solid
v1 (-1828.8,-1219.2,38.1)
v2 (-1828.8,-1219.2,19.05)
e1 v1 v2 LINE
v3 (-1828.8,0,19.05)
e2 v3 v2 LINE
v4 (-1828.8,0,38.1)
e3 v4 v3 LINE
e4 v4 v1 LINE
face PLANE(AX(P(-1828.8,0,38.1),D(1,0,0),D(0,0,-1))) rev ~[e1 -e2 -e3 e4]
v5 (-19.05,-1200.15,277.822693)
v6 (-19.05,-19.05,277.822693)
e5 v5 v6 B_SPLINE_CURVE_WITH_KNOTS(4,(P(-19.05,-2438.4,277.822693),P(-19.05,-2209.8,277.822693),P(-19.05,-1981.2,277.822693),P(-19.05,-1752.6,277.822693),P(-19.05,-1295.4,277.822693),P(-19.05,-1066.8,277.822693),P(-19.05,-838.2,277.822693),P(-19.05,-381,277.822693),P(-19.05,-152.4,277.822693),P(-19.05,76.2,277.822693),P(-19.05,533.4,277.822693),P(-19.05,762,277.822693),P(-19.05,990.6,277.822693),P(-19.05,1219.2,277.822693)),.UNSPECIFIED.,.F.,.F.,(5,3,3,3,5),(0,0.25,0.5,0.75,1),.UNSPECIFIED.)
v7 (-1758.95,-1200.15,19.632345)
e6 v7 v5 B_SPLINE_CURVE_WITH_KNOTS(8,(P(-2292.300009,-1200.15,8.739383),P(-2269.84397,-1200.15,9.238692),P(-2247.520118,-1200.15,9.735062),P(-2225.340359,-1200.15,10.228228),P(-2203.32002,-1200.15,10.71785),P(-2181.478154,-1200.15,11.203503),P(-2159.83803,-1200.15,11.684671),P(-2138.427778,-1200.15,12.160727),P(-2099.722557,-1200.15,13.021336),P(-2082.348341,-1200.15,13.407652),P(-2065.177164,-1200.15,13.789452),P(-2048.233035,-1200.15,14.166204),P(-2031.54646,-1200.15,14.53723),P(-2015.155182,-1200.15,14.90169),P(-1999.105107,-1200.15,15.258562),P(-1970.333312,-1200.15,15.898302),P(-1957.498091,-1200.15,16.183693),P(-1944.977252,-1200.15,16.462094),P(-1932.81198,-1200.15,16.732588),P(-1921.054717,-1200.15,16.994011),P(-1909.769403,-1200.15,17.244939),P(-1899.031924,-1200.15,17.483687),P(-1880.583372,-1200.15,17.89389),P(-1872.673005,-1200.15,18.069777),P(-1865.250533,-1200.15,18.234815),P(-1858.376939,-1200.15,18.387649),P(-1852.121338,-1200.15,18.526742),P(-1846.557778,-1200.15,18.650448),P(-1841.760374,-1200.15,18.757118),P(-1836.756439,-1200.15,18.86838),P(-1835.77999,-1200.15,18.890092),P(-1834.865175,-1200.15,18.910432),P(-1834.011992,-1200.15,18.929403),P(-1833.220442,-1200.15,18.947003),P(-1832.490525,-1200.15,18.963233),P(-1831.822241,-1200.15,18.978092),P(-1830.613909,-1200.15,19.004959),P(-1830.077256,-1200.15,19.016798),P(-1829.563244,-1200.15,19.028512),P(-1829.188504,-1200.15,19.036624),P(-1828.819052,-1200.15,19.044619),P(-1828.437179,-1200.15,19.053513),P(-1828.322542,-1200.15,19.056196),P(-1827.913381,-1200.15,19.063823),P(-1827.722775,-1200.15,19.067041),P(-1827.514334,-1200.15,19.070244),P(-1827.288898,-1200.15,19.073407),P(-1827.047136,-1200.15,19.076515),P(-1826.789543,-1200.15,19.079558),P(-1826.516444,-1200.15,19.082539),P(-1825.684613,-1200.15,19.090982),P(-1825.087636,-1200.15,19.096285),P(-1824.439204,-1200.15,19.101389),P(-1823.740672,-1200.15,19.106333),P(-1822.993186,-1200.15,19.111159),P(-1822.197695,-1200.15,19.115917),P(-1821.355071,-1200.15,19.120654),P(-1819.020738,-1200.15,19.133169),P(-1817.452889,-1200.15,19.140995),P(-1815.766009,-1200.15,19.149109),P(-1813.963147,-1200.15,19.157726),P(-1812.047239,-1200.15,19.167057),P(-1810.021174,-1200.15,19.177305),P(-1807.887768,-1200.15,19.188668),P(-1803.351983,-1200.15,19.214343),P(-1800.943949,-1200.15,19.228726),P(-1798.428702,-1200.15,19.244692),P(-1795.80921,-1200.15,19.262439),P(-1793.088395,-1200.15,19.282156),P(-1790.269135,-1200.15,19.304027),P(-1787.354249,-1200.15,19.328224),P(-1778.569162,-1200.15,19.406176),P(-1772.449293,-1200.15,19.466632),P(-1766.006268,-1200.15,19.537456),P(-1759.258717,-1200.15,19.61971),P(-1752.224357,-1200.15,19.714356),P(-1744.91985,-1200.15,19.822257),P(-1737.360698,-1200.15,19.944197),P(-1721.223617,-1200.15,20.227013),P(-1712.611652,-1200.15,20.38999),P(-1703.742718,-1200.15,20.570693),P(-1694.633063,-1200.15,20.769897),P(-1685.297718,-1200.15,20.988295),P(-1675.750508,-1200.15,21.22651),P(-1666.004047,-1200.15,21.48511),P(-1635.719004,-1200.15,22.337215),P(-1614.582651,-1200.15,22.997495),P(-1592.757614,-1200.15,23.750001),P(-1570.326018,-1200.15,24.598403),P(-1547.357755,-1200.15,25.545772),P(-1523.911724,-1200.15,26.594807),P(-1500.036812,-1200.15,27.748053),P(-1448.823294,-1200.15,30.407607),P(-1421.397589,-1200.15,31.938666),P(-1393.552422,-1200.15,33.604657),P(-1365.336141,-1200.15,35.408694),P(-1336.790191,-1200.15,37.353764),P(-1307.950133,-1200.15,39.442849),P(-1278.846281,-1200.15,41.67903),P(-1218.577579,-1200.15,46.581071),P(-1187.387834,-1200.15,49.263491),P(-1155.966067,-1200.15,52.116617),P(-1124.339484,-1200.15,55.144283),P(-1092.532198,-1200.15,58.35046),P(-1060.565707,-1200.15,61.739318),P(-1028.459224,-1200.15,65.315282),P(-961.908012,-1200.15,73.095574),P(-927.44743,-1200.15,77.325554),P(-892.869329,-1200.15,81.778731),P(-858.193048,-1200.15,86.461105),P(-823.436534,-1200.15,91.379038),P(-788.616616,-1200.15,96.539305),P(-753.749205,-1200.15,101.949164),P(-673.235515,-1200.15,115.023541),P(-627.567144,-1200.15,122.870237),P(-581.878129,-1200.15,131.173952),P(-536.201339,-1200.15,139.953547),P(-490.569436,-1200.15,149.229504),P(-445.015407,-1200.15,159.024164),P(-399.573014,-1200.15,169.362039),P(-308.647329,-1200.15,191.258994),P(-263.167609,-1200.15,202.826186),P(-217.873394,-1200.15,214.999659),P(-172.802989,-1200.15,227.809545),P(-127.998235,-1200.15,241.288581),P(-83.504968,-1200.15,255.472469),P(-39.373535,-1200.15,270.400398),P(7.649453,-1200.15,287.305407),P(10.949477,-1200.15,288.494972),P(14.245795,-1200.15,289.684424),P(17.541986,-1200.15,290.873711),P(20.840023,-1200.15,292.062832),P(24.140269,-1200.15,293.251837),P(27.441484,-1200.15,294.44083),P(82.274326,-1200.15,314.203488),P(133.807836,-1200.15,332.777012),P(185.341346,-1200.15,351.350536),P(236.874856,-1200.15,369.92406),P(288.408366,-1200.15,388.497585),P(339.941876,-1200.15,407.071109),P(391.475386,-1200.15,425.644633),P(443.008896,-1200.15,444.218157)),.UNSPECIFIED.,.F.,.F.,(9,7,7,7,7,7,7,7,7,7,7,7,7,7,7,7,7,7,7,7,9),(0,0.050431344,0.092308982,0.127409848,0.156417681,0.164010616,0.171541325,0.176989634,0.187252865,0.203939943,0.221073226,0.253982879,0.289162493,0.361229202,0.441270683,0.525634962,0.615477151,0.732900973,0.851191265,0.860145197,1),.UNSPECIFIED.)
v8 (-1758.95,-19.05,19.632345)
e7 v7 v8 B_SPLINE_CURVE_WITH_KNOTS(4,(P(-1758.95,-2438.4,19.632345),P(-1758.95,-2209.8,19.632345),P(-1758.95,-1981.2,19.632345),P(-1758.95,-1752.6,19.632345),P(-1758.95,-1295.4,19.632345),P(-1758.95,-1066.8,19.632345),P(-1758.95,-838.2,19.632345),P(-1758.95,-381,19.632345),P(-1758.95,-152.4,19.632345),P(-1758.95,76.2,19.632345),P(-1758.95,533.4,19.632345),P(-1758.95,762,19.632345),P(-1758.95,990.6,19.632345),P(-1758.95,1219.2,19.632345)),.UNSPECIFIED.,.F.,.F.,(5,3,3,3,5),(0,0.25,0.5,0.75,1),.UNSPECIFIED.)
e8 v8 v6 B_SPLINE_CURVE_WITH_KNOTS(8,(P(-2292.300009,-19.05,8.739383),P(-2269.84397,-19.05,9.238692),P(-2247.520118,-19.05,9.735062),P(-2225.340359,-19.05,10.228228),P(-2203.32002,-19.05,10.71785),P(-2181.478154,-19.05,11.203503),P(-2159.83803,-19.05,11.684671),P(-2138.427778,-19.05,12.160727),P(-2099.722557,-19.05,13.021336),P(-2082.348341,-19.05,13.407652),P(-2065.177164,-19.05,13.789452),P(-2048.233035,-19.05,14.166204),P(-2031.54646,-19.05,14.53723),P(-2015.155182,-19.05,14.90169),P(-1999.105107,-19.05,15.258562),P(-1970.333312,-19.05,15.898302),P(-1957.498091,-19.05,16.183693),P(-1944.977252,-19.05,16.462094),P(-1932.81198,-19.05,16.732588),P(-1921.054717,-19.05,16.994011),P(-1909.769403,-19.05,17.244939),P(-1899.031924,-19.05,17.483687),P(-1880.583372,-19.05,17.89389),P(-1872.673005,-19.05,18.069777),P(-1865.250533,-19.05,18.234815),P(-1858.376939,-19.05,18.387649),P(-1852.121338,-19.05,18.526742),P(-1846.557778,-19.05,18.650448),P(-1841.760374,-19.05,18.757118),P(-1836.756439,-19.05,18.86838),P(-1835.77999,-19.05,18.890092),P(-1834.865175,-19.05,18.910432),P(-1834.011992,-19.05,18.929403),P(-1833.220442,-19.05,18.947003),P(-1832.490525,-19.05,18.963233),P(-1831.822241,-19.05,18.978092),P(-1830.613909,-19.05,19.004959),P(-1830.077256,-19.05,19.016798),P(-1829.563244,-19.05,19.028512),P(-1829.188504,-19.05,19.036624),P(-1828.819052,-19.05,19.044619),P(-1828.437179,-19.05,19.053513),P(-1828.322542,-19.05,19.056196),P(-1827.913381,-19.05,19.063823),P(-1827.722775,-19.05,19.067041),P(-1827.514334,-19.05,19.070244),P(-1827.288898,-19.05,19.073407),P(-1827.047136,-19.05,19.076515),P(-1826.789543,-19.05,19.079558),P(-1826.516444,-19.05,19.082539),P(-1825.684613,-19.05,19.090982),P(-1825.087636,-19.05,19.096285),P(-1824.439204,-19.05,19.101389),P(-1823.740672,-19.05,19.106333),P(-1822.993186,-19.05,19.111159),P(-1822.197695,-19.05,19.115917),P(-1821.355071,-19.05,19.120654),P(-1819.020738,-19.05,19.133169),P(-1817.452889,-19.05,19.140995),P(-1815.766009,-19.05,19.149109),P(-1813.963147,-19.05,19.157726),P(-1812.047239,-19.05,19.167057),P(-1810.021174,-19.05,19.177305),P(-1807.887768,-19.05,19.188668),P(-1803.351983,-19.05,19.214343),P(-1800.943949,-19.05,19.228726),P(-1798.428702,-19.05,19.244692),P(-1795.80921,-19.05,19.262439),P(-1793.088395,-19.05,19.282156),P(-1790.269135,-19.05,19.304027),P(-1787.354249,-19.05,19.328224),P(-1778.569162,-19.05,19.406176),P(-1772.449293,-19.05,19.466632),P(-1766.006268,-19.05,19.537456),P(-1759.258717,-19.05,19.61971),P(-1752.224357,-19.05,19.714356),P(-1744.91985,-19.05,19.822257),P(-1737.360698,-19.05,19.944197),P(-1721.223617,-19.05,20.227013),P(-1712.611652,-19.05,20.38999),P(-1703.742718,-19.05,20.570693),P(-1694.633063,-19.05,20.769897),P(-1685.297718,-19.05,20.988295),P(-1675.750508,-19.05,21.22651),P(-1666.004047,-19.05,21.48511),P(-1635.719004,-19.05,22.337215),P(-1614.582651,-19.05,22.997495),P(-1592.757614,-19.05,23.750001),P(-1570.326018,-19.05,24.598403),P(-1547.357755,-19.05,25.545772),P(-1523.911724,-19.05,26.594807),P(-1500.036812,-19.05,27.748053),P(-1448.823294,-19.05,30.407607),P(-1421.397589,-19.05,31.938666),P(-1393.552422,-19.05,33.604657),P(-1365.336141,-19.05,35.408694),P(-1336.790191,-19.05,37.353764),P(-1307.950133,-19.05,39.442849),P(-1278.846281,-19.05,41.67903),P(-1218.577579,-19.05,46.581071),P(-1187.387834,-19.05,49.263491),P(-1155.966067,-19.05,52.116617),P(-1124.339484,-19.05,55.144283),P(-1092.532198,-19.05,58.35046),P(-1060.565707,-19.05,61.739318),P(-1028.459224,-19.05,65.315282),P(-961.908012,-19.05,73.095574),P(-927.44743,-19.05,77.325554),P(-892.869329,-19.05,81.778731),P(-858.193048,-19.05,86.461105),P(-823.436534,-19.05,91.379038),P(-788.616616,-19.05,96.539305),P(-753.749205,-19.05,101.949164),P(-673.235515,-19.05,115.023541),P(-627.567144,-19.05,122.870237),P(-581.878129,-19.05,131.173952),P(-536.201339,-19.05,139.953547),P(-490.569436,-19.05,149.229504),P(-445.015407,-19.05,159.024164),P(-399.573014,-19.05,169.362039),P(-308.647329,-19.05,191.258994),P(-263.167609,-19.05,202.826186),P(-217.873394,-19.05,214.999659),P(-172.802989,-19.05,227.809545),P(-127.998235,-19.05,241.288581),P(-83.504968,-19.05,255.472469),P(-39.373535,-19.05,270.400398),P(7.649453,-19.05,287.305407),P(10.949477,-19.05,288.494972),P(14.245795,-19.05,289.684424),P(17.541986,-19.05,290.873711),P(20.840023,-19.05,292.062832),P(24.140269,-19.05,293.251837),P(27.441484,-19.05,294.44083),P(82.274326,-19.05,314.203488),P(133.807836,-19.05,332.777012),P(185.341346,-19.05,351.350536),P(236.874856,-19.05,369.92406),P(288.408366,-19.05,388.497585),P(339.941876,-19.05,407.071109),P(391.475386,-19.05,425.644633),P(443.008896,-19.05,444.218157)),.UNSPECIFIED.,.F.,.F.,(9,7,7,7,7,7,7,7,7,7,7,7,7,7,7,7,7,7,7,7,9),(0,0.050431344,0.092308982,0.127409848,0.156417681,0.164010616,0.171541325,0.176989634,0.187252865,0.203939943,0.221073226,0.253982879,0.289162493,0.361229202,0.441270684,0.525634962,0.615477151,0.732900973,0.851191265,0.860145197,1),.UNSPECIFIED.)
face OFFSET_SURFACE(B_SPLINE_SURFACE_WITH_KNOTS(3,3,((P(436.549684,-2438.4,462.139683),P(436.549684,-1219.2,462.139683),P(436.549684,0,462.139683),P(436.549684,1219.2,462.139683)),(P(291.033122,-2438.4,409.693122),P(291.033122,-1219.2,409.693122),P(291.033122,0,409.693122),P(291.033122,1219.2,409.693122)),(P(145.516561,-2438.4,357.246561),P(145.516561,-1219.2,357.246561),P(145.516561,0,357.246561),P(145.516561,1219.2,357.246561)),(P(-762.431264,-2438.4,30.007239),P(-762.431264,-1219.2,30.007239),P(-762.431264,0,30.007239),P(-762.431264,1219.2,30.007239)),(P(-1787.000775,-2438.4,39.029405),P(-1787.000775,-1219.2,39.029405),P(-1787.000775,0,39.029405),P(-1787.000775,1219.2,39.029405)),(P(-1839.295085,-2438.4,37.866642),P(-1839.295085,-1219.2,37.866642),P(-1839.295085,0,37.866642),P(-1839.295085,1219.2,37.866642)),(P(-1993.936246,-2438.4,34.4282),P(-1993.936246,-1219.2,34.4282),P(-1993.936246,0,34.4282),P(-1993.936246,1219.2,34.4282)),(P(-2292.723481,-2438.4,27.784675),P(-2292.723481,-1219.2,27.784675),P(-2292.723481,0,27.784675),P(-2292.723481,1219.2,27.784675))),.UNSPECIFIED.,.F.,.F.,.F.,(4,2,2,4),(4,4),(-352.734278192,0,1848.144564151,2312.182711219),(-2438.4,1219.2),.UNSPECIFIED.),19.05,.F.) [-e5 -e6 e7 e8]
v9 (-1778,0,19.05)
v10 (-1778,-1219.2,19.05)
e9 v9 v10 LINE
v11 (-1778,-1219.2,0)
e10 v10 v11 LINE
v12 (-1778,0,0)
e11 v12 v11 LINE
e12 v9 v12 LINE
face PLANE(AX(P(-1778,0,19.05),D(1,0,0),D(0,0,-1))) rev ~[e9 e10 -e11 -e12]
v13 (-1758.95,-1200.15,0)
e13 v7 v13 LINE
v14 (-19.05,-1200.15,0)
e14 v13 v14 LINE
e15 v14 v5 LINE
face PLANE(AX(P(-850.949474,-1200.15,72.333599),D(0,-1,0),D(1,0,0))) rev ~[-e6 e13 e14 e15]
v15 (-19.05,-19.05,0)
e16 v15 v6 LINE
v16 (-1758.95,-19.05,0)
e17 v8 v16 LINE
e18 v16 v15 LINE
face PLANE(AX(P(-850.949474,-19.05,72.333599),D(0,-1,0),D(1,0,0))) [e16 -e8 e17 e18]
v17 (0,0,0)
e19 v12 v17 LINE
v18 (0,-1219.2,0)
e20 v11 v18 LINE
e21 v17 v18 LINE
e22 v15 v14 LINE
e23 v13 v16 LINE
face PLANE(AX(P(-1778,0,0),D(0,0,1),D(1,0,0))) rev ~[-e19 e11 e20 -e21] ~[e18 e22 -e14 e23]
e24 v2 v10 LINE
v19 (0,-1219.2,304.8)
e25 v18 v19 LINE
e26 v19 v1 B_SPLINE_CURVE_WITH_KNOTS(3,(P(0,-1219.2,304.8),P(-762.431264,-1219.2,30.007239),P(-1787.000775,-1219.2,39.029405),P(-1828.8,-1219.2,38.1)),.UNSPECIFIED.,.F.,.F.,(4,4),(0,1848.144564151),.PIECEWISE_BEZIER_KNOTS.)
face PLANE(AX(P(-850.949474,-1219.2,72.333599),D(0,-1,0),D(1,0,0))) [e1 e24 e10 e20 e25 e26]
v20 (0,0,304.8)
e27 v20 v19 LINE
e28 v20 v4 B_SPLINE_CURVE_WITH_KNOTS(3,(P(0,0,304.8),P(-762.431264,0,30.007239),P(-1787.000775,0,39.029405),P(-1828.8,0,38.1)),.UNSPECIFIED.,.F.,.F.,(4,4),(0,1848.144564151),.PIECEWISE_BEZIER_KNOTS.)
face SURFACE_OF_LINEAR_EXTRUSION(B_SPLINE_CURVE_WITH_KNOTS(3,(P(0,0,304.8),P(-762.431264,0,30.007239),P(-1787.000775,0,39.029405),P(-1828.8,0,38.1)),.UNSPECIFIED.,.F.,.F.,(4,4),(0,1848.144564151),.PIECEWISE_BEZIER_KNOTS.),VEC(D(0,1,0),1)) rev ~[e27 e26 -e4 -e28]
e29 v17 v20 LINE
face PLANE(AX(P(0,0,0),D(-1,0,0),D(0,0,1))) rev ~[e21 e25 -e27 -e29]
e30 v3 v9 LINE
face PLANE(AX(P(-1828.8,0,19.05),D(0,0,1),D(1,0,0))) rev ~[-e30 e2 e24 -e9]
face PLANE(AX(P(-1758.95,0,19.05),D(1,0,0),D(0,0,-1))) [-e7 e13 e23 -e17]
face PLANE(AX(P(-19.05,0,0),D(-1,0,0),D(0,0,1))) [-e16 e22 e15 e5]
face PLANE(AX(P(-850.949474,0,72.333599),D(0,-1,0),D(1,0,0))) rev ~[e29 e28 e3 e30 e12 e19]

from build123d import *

# Parameters (mm, degrees)
F1_DEPTH = 1219.2
F2_T     = -19.05


with BuildPart() as f1:
    # F0 (on Front) → F1 (new body)
    with BuildSketch(Plane.XZ):
        with BuildLine():
            Line((-1778, 0), (0, 0))
            Line((0, 0), (0, 304.8))
            add(Edge.make_bspline(
                [(0, 304.8), (-762.4312639236, 30.0072385311), (-1787.0007753372, 39.029404521), (-1828.8, 38.1)],
                knots=[0, 0, 0, 0, 1848.1445641508, 1848.1445641508, 1848.1445641508, 1848.1445641508], degree=3))
            Line((-1828.8, 38.1), (-1828.8, 19.05))
            Line((-1828.8, 19.05), (-1778, 19.05))
            Line((-1778, 19.05), (-1778, 0))
        make_face()
    extrude(amount=F1_DEPTH)

    # F2
    f2_openings = [f1.faces().sort_by_distance(p)[0] for p in [
        (-889, -609.6, 0),
    ]]
    offset(amount=F2_T, openings=f2_openings, kind=Kind.INTERSECTION)


solid = f1.part
